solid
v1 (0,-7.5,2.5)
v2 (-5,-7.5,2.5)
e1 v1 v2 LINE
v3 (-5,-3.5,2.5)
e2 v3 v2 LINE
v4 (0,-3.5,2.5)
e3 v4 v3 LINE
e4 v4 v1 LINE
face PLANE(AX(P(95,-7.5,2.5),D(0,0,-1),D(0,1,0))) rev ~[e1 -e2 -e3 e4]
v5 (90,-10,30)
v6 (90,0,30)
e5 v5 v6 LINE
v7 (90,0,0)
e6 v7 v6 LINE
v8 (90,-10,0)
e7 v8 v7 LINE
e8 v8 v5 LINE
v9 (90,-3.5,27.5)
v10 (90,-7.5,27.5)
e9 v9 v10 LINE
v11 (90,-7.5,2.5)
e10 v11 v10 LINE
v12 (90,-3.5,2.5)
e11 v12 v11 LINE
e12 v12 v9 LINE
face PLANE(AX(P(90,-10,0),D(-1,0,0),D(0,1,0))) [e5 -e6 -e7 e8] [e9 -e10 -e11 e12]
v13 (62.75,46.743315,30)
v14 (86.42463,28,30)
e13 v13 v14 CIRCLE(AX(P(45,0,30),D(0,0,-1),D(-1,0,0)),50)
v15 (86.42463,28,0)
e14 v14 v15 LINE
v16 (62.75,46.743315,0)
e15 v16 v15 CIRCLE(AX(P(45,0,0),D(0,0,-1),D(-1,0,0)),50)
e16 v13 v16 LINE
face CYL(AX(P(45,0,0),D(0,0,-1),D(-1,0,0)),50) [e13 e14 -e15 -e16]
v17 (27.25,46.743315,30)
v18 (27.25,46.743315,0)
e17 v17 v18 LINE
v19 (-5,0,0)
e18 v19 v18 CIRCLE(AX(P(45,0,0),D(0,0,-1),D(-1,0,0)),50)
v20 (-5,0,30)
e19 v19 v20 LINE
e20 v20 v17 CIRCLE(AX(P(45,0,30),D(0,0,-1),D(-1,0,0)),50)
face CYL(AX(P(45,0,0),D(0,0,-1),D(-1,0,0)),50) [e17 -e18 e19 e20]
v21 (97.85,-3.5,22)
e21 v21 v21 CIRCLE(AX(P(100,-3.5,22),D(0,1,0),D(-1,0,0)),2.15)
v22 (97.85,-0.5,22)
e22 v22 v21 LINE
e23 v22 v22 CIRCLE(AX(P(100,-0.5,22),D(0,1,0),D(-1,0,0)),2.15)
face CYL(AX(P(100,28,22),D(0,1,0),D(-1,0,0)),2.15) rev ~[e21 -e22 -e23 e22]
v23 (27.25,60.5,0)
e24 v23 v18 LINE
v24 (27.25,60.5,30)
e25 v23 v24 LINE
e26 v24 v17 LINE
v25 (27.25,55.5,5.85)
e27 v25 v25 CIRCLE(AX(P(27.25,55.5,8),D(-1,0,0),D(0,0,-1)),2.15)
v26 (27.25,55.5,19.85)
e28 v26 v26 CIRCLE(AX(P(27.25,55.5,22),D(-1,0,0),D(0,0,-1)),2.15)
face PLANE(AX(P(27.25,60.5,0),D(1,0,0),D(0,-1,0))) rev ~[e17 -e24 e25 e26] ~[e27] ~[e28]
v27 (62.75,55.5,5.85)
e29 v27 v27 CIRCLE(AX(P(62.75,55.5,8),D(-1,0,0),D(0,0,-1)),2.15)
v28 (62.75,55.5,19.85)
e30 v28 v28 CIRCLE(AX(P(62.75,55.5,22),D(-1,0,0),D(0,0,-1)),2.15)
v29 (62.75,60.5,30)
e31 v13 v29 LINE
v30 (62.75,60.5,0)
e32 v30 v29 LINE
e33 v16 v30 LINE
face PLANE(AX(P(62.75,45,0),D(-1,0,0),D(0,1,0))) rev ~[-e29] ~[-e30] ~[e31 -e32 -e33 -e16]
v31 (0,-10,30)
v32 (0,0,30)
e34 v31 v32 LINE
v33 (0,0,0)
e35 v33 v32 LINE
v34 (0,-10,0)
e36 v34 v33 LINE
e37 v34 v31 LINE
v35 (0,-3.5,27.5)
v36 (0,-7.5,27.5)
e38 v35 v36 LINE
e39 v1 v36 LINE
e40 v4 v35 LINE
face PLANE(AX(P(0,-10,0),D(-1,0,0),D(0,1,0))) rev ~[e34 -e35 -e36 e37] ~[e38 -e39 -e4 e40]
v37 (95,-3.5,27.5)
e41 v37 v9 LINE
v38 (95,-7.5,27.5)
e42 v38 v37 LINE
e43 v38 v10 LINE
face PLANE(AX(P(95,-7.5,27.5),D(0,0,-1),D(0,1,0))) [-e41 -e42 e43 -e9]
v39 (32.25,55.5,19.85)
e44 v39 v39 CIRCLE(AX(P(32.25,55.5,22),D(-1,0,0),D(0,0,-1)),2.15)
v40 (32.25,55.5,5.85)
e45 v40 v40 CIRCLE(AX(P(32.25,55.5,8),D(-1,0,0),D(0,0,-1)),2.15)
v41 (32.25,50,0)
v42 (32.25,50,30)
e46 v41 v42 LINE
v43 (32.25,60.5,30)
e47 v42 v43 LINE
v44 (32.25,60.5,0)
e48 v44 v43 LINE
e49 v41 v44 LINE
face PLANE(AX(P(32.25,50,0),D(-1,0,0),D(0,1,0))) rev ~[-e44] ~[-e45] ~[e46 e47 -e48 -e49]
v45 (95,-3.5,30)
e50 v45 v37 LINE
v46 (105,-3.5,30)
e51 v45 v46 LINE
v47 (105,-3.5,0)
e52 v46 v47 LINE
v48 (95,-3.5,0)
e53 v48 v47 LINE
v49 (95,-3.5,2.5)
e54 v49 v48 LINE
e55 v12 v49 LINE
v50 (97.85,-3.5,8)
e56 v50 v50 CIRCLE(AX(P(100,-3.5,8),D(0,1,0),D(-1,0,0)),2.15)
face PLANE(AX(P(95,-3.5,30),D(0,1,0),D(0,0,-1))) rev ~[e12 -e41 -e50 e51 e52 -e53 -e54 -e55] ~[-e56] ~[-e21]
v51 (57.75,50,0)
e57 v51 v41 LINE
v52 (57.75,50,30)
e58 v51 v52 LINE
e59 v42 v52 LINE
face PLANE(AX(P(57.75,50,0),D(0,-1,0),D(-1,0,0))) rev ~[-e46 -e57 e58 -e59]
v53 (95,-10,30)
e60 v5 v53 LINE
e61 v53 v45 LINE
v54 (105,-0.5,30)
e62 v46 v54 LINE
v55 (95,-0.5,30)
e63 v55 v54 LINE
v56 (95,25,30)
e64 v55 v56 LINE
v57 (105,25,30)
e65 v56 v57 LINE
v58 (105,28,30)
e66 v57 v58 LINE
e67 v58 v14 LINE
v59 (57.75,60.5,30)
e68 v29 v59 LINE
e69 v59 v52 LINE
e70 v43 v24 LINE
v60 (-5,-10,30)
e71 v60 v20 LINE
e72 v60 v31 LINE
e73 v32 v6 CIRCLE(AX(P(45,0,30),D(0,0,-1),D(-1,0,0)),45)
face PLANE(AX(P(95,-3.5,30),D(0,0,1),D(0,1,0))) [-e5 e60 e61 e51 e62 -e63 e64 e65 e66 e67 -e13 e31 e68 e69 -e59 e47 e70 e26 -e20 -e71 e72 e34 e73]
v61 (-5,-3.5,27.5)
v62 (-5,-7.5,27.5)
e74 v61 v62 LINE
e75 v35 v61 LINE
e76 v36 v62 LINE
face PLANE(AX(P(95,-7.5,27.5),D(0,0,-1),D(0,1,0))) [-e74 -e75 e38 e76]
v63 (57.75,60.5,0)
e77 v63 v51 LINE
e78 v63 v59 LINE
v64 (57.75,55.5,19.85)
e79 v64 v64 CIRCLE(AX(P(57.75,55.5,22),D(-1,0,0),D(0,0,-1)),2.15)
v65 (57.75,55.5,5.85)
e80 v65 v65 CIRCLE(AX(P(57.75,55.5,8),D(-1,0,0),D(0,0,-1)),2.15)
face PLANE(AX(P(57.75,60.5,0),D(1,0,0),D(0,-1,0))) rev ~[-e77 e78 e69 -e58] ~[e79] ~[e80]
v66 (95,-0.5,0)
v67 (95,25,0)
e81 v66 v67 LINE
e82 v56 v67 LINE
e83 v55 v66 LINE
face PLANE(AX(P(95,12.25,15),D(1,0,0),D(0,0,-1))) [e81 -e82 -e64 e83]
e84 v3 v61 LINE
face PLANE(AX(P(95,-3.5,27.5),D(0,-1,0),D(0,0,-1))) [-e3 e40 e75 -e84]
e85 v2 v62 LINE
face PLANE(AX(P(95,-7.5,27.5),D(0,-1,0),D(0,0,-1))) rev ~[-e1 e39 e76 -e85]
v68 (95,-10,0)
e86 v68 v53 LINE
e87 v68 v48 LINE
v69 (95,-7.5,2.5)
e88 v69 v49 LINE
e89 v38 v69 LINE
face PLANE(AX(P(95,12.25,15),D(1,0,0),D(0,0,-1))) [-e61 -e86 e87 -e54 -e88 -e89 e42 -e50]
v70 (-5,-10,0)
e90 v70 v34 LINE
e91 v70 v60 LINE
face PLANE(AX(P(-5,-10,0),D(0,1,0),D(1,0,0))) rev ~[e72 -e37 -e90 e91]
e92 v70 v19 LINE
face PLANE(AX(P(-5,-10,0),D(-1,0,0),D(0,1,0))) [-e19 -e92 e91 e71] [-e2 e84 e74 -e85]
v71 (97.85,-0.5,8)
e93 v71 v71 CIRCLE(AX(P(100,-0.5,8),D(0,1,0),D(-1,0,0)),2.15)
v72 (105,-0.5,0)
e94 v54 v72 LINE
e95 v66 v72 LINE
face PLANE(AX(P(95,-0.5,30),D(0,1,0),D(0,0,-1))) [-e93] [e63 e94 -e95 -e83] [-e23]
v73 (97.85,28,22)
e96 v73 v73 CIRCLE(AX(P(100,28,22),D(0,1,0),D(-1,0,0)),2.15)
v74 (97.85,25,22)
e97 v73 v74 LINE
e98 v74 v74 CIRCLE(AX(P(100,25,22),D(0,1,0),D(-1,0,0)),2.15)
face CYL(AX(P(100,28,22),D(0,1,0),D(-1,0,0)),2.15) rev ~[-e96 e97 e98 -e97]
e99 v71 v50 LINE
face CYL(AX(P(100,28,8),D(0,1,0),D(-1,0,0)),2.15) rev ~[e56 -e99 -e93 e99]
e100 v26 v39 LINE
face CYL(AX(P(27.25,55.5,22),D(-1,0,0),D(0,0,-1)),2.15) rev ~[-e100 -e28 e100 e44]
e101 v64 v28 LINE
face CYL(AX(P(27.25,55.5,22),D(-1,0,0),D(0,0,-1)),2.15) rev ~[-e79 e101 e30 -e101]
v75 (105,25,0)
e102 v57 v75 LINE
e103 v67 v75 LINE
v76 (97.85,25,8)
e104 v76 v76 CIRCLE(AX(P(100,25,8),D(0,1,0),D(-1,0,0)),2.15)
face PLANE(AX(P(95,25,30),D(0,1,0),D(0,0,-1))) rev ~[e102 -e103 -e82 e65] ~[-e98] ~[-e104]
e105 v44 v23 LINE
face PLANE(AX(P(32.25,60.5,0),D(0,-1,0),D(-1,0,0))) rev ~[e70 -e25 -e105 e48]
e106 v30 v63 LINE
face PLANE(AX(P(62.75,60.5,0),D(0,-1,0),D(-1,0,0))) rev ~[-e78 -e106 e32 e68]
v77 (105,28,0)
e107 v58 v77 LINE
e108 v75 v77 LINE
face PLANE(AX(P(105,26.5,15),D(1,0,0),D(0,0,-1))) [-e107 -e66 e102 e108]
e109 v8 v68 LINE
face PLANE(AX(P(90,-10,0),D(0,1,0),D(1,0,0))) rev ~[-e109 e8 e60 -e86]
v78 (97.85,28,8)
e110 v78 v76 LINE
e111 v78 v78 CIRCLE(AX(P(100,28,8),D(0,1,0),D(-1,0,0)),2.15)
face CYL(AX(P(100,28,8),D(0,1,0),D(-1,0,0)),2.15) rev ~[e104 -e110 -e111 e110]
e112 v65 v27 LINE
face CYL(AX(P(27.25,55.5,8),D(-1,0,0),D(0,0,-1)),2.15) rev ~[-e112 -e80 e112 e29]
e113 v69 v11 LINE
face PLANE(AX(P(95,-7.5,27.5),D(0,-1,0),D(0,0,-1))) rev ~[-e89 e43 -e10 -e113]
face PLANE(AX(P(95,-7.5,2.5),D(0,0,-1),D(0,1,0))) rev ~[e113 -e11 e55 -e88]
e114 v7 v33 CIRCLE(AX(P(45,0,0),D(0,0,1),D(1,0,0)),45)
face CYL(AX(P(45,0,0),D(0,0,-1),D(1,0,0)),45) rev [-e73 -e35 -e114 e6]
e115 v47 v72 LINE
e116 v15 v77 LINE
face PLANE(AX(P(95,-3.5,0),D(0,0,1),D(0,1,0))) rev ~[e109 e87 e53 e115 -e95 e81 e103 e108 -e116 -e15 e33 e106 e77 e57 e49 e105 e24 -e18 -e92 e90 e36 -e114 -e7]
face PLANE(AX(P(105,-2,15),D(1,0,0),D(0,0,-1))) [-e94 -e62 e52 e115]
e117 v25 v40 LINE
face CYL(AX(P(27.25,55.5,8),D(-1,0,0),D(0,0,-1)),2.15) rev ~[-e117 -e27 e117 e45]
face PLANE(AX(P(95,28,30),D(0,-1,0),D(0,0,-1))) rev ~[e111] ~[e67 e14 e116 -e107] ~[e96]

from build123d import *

# Parameters (mm, degrees)
SKETCH1_W                = 5
SKETCH1_H                = 10
BOSS_EXTRUDE1_DEPTH      = 30
BOSS_EXTRUDE2_START      = -30
BOSS_EXTRUDE2_DEPTH      = 30
SKETCH3_W                = 25
SKETCH3_H                = 4
CUT_EXTRUDE1_DEPTH       = 121.665860955
BOSS_EXTRUDE3_REACH      = 122.666
BOSS_EXTRUDE3_END_RADIUS = 50
SKETCH4_W                = 30
SKETCH4_H                = 31.5
SKETCH5_W                = 30
SKETCH5_H                = 3
BOSS_EXTRUDE4_DEPTH      = 10
SKETCH6_R                = 2.15
CUT_EXTRUDE2_DEPTH       = 103.982097959
SKETCH7_R                = 2.15
CUT_EXTRUDE3_DEPTH       = 116.62439189


with BuildPart() as part:
    # Sketch1 → Boss-Extrude1 (new body)
    with BuildSketch(Plane.XY):
        with BuildLine():
            ThreePointArc((-5, 0), (45, 50), (95, 0))
            Line((95, 0), (90, 0))
            ThreePointArc((90, 0), (45, 45), (0, 0))
            Line((0, 0), (-5, 0))
        make_face()
        with Locations((92.5, -5)):
            Rectangle(SKETCH1_W, SKETCH1_H)
        with Locations((-2.5, -5)):
            Rectangle(SKETCH1_W, SKETCH1_H)
    extrude(amount=BOSS_EXTRUDE1_DEPTH)

    # Sketch2 → Boss-Extrude2 (add)
    with BuildSketch(Plane.XY.offset(30).offset(BOSS_EXTRUDE2_START)):
        with BuildLine():
            Line((32.25, 48.347052651), (32.25, 50))
            Line((32.25, 50), (32.25, 60.5))
            Line((32.25, 60.5), (27.25, 60.5))
            Line((27.25, 60.5), (27.25, 46.74331503))
            ThreePointArc((27.25, 46.74331503), (29.728932795, 47.610865424), (32.25, 48.347052651))
        make_face()
        with BuildLine():
            ThreePointArc((32.25, 48.347052651), (38.571649999, 49.585041255), (45, 50))
            Line((45, 50), (32.25, 50))
            Line((32.25, 50), (32.25, 48.347052651))
        make_face()
        with BuildLine():
            Line((32.25, 45), (45, 45))
            Line((45, 45), (45, 50))
            ThreePointArc((45, 50), (38.571649999, 49.585041255), (32.25, 48.347052651))
            Line((32.25, 48.347052651), (32.25, 45))
        make_face()
        with BuildLine():
            Line((45, 45), (57.75, 45))
            Line((57.75, 45), (57.75, 48.347052651))
            ThreePointArc((57.75, 48.347052651), (51.428350001, 49.585041255), (45, 50))
            Line((45, 50), (45, 45))
        make_face()
        with BuildLine():
            ThreePointArc((45, 50), (51.428350001, 49.585041255), (57.75, 48.347052651))
            Line((57.75, 48.347052651), (57.75, 50))
            Line((57.75, 50), (45, 50))
        make_face()
        with BuildLine():
            Line((57.75, 50), (57.75, 48.347052651))
            ThreePointArc((57.75, 48.347052651), (60.271067205, 47.610865424), (62.75, 46.74331503))
            Line((62.75, 46.74331503), (62.75, 60.5))
            Line((62.75, 60.5), (57.75, 60.5))
            Line((57.75, 60.5), (57.75, 50))
        make_face()
        with BuildLine():
            Line((27.25, 45), (32.25, 45))
            Line((32.25, 45), (32.25, 48.347052651))
            ThreePointArc((32.25, 48.347052651), (29.728932795, 47.610865424), (27.25, 46.74331503))
            Line((27.25, 46.74331503), (27.25, 45))
        make_face()
        with BuildLine():
            Line((57.75, 48.347052651), (57.75, 45))
            Line((57.75, 45), (62.75, 45))
            Line((62.75, 45), (62.75, 46.74331503))
            ThreePointArc((62.75, 46.74331503), (60.271067205, 47.610865424), (57.75, 48.347052651))
        make_face()
    extrude(amount=BOSS_EXTRUDE2_DEPTH)

    # Sketch3 → Cut-Extrude1 (cut, through all)
    with BuildSketch(Plane(origin=(95, 0, 0), x_dir=(0, 0, -1), z_dir=(1, 0, 0))):
        with Locations((-15, -5.5)):
            Rectangle(SKETCH3_W, SKETCH3_H)
    extrude(amount=-CUT_EXTRUDE1_DEPTH, mode=Mode.SUBTRACT)

    # Boss-Extrude3: up to this cylinder (the profile starts outside it)
    boss_extrude3_end = Plane(origin=(45, 0, 15), z_dir=(0, 0, -1)) * Cylinder(BOSS_EXTRUDE3_END_RADIUS, 346.332, mode=Mode.PRIVATE)
    # Sketch4 → Boss-Extrude3 (add, up to the surface)
    with BuildSketch(Plane(origin=(95, 0, 0), x_dir=(0, 0, -1), z_dir=(1, 0, 0)), mode=Mode.PRIVATE) as boss_extrude3_sk1:
        with Locations((-15, 12.25)):
            Rectangle(SKETCH4_W, SKETCH4_H)
    boss_extrude3_tool1 = extrude(boss_extrude3_sk1.sketch, amount=-BOSS_EXTRUDE3_REACH, mode=Mode.PRIVATE) - boss_extrude3_end
    add(boss_extrude3_tool1.solids().sort_by_distance((95, 12.25, 15))[0])
    add(boss_extrude3_tool1.solids().sort_by_distance((95, 12.25, 15))[1])

    # Sketch5 → Boss-Extrude4 (add)
    with BuildSketch(Plane(origin=(95, 0, 0), x_dir=(0, 0, -1), z_dir=(1, 0, 0))):
        with Locations((-15, -2)):
            Rectangle(SKETCH5_W, SKETCH5_H)
        with Locations((-15, 26.5)):
            Rectangle(SKETCH5_W, SKETCH5_H)
    extrude(amount=BOSS_EXTRUDE4_DEPTH)

    # Sketch6 → Cut-Extrude2 (cut, through all)
    with BuildSketch(Plane.ZY.offset(-27.25)):
        with Locations(Location((22, 55.5, 0), (0, 0, 180))):
            Circle(SKETCH6_R)
        with Locations(Location((8, 55.5, 0), (0, 0, 180))):
            Circle(SKETCH6_R)
    extrude(amount=-CUT_EXTRUDE2_DEPTH, mode=Mode.SUBTRACT)

    # Sketch7 → Cut-Extrude3 (cut, through all)
    with BuildSketch(Plane(origin=(0, 28, 0), x_dir=(1, 0, 0), z_dir=(0, 1, 0))):
        with Locations(Location((100, -22, 0), (0, 0, 180))):
            Circle(SKETCH7_R)
        with Locations(Location((100, -8, 0), (0, 0, 180))):
            Circle(SKETCH7_R)
    extrude(amount=-CUT_EXTRUDE3_DEPTH, mode=Mode.SUBTRACT)


solid = part.part
